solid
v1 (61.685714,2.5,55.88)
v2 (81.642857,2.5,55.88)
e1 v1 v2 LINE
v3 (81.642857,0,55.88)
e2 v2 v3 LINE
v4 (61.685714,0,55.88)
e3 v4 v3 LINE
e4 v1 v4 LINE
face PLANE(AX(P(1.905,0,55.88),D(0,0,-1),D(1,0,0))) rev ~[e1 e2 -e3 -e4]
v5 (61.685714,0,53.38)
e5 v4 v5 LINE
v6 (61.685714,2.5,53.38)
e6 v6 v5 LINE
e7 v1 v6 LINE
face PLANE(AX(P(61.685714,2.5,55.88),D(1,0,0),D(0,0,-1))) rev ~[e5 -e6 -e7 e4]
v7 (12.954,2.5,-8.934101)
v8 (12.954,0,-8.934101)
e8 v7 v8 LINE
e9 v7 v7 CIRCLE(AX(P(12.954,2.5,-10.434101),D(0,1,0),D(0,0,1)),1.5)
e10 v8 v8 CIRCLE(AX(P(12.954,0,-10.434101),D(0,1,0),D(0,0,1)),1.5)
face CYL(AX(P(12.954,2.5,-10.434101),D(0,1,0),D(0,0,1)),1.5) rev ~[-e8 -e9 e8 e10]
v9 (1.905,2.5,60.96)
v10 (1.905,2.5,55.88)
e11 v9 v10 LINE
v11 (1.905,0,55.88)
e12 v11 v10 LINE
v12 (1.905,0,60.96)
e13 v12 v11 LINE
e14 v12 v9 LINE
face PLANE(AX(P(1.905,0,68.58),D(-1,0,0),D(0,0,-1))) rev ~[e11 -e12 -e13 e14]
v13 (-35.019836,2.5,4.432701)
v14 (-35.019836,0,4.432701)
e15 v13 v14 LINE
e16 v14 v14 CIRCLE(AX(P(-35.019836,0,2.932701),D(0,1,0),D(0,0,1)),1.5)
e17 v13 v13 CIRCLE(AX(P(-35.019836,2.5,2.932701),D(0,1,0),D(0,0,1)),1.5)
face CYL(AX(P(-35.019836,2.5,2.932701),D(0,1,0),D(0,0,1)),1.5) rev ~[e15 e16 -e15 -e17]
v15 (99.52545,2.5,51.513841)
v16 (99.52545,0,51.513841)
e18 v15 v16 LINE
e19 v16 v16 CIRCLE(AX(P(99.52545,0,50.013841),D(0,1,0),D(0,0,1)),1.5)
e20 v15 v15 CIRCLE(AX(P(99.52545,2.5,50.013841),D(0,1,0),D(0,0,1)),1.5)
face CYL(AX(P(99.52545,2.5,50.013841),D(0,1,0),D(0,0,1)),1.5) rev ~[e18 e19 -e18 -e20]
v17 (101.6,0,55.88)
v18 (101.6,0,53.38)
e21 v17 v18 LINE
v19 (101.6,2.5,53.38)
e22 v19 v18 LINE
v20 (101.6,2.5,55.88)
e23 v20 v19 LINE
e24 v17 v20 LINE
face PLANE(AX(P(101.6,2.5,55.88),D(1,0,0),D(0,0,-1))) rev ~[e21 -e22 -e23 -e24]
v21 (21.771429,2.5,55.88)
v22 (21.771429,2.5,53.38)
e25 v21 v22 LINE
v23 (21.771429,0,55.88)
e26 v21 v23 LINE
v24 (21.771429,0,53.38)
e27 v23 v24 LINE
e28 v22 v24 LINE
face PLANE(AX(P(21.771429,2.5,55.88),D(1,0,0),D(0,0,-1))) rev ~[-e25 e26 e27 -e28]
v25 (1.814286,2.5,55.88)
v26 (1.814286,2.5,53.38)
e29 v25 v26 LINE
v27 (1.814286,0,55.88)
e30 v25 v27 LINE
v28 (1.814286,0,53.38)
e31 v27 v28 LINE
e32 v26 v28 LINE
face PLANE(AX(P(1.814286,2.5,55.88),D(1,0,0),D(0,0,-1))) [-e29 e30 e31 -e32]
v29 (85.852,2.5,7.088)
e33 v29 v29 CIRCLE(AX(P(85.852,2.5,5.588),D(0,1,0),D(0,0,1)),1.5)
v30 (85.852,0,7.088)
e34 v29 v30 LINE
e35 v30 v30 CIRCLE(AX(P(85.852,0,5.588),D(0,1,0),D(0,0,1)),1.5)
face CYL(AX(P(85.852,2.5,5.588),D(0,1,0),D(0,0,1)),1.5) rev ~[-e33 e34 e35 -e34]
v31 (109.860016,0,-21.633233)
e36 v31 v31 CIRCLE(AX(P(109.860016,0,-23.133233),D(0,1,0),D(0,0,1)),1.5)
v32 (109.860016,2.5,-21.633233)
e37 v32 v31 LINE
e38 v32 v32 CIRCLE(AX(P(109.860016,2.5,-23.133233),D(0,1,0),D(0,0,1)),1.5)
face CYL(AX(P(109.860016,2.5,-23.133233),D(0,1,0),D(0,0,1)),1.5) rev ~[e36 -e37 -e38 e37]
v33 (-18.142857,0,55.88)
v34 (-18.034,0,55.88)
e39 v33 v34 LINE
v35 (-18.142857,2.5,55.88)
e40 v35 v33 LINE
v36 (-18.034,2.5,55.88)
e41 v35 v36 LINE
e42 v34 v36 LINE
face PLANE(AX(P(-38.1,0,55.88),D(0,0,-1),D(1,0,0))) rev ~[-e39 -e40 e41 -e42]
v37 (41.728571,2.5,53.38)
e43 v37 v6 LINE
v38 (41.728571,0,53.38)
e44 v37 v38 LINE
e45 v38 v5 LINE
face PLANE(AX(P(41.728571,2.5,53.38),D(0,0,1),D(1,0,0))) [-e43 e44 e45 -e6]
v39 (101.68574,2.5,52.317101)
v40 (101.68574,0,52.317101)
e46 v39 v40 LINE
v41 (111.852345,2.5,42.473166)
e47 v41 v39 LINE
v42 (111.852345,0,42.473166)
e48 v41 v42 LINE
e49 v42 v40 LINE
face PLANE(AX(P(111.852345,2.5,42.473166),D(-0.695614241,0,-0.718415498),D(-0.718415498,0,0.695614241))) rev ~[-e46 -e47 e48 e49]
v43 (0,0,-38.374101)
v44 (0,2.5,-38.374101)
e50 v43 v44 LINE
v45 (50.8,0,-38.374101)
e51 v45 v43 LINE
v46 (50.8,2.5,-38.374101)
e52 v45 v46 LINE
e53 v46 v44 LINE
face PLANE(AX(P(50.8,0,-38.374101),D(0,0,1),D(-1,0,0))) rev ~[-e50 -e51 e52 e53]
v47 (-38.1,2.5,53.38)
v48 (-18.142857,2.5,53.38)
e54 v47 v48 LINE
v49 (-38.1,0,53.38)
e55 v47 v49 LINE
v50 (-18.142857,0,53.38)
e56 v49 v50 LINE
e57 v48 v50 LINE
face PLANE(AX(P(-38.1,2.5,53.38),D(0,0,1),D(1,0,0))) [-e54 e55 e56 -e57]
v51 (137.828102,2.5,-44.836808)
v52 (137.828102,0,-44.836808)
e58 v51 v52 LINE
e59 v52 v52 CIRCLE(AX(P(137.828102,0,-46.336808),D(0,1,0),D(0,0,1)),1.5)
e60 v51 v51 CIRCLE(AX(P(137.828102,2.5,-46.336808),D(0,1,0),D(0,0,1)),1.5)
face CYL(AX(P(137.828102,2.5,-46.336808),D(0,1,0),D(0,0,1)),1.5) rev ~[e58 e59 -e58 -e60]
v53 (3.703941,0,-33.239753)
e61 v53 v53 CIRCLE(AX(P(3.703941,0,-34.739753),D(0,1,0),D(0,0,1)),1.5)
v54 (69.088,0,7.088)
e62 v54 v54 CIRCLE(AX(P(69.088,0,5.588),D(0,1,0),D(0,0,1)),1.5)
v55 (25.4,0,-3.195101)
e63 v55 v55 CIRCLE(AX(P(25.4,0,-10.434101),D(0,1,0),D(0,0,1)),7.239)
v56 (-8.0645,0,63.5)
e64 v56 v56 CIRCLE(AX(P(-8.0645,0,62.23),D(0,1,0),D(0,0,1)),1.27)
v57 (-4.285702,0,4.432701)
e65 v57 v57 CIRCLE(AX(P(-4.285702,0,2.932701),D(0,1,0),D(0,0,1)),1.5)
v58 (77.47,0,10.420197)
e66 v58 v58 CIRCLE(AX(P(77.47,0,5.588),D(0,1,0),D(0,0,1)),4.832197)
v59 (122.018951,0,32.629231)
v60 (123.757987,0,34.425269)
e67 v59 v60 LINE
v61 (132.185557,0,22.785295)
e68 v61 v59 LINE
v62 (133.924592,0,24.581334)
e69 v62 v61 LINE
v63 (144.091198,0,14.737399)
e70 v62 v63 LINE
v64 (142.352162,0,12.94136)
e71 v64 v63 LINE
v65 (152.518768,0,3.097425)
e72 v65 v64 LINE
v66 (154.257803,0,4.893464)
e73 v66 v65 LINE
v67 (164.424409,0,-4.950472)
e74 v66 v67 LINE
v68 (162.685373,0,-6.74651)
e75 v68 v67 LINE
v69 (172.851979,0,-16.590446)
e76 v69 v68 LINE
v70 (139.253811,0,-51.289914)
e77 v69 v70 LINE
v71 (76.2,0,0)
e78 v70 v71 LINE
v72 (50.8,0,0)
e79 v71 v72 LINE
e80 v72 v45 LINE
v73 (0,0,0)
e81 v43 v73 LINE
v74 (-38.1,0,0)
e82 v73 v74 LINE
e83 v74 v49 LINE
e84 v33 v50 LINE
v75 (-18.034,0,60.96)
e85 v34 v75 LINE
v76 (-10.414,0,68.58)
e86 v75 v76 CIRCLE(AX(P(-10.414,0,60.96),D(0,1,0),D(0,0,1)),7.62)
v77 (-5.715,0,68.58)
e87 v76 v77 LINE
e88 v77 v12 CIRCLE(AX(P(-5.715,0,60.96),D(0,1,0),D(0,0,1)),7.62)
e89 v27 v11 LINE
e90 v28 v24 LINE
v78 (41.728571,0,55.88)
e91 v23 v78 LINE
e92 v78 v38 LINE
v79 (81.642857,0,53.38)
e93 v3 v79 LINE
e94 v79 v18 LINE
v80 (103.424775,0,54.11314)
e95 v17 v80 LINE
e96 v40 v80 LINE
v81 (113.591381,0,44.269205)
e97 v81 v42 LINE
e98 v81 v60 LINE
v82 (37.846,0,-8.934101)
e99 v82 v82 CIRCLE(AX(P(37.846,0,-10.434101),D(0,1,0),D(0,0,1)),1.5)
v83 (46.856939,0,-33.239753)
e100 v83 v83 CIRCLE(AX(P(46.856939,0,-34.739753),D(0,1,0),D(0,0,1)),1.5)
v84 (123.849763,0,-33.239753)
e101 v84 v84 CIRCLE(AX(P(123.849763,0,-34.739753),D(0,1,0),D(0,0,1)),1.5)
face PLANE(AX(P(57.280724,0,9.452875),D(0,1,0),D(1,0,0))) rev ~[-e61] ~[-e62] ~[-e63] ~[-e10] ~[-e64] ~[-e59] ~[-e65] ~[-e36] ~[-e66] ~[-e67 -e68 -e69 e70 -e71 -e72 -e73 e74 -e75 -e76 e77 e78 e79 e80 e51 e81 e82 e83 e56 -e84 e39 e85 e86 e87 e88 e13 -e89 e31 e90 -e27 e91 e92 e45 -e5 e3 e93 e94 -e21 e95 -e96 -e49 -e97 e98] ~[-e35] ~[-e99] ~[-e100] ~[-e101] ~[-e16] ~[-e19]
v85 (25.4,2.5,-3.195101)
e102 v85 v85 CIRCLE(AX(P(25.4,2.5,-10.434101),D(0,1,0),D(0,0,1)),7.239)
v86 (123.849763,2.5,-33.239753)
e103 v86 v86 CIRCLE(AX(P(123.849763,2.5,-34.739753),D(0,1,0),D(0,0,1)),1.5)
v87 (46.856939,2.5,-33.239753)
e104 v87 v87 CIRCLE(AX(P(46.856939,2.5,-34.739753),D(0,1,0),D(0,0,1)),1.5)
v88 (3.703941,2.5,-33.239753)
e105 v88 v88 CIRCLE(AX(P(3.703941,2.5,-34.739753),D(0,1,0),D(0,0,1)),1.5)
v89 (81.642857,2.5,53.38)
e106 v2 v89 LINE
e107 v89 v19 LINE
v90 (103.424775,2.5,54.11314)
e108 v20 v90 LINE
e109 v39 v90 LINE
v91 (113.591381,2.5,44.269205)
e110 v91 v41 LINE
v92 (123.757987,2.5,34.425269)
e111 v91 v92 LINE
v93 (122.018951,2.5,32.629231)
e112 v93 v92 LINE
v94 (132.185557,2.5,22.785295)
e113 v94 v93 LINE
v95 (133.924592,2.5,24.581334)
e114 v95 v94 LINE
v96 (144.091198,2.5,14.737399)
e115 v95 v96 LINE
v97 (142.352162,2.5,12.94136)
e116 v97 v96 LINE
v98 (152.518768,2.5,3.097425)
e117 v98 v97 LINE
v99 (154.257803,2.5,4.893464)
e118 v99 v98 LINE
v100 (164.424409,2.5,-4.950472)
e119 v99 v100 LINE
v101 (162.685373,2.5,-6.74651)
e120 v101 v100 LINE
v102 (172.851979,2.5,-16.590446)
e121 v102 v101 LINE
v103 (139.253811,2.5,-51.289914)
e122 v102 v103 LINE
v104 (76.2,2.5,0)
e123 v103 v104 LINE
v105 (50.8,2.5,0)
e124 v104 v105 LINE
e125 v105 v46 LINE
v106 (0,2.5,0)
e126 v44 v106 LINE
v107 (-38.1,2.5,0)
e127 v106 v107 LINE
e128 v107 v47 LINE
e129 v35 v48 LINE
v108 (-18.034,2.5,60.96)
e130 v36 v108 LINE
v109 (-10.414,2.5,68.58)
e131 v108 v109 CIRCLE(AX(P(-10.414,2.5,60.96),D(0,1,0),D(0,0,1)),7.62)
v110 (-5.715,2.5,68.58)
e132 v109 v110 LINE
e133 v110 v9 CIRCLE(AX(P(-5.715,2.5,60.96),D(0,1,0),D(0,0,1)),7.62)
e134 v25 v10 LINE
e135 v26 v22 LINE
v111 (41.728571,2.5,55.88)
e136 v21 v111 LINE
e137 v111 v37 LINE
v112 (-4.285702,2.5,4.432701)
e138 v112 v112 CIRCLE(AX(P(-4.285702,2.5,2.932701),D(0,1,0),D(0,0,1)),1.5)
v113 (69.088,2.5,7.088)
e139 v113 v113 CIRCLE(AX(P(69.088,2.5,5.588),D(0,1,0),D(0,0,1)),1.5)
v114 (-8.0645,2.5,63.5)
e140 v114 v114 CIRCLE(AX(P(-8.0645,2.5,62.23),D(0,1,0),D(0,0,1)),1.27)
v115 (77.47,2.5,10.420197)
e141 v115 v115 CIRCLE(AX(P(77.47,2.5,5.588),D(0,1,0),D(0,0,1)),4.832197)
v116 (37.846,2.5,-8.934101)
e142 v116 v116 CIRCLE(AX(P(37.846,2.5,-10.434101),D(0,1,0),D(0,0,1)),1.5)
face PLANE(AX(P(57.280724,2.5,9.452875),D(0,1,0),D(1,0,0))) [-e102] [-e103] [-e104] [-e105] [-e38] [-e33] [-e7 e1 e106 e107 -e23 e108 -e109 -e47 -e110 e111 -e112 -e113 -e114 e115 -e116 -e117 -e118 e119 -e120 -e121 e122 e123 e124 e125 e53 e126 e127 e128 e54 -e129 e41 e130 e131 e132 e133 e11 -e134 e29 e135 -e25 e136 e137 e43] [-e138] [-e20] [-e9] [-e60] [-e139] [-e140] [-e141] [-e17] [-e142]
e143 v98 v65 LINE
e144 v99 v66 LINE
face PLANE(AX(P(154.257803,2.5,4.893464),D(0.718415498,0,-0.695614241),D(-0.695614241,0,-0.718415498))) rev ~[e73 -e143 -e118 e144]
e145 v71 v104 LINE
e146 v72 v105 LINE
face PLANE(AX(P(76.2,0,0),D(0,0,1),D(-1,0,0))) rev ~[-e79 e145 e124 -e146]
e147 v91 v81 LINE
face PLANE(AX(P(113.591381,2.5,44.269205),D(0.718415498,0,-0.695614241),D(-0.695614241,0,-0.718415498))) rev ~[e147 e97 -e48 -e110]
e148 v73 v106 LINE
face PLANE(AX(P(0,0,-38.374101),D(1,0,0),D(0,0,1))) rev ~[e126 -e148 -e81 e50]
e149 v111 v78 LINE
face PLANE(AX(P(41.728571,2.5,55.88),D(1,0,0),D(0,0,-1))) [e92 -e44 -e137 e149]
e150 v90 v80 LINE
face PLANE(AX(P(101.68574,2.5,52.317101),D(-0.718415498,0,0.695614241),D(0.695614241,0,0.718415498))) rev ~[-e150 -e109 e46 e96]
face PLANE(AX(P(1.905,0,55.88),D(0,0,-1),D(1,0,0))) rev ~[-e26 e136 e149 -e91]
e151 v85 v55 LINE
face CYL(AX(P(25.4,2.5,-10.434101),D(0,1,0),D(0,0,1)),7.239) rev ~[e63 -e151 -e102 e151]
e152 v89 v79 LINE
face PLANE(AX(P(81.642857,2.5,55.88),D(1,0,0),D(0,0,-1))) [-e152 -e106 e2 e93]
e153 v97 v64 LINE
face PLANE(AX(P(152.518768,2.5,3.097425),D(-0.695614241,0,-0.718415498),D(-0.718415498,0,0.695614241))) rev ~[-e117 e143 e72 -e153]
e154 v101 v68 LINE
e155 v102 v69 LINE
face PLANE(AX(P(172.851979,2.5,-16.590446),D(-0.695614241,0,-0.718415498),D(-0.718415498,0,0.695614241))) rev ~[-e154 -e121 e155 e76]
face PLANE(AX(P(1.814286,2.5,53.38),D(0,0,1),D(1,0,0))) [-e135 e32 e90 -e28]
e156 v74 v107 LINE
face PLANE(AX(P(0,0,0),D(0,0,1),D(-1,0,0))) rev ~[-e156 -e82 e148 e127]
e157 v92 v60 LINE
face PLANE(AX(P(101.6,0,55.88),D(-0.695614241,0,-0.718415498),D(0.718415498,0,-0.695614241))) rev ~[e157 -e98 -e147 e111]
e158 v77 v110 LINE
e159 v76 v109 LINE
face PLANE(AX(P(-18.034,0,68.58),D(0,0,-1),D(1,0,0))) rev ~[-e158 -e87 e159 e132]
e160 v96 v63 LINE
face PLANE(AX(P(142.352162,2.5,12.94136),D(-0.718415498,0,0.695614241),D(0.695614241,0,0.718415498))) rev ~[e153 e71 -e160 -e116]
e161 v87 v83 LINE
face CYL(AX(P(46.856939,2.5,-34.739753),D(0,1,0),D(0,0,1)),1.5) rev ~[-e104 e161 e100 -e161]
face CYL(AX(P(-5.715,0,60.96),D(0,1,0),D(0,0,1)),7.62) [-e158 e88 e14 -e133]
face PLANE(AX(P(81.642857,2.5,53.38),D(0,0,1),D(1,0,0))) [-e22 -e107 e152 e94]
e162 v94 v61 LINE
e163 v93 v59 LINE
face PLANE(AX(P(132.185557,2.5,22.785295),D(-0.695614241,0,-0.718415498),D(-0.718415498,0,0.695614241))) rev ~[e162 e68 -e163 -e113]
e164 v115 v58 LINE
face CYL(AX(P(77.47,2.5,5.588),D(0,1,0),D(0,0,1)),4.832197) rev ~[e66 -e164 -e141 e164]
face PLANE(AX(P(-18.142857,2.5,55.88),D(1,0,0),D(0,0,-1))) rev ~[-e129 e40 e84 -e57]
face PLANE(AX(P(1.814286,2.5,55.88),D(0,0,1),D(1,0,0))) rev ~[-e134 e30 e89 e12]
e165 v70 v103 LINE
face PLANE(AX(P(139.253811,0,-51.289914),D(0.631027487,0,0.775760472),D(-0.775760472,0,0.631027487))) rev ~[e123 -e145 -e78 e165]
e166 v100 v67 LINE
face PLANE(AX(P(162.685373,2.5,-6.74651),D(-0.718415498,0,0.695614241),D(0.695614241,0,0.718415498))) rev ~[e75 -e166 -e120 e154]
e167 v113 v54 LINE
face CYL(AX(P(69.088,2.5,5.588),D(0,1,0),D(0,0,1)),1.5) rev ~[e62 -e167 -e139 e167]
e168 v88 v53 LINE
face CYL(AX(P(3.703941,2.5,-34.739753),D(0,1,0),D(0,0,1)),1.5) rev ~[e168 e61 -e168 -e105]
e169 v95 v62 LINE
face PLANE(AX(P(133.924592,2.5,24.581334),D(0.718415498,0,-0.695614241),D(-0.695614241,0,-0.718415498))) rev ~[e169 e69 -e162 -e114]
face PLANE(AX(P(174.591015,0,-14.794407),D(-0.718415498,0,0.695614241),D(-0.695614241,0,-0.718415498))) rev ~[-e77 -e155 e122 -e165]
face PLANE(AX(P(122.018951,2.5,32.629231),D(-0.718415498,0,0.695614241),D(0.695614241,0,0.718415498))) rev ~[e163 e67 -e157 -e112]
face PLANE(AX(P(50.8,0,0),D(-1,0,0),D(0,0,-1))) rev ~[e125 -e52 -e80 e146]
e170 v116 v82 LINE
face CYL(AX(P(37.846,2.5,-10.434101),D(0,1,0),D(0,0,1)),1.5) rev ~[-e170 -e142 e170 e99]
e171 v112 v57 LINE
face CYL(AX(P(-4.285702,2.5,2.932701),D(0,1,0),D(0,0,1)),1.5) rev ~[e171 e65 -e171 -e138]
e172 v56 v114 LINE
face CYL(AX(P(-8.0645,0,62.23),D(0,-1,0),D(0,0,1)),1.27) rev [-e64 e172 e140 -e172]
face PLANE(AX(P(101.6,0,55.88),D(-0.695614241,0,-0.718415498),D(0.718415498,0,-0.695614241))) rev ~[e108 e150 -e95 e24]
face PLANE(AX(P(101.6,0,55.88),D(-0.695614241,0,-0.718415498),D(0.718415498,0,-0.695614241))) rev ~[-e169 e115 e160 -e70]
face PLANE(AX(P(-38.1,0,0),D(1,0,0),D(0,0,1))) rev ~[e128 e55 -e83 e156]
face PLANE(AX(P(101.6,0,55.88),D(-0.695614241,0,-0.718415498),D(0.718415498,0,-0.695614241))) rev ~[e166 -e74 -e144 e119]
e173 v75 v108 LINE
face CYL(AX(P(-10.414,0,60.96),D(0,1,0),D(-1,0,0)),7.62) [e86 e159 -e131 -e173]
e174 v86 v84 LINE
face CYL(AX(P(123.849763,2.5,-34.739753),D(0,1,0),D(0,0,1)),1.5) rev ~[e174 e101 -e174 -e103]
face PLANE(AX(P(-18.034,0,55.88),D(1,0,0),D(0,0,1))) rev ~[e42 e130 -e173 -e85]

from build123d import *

# Parameters (mm, degrees)
SKETCH1_R           = 1.27
BOSS_EXTRUDE1_DEPTH = 2.5
SKETCH2_W           = 19.957142857
SKETCH2_H           = 2.5
CUT_EXTRUDE1_DEPTH  = 2.5
CUT_EXTRUDE2_DEPTH  = 2.5
SKETCH4_R           = 1.5
CUT_EXTRUDE3_DEPTH  = 2.5
SKETCH5_R           = 7.239
SKETCH5_R_2         = 1.5
CUT_EXTRUDE4_DEPTH  = 2.5
SKETCH6_R           = 4.83219682
SKETCH6_R_2         = 1.5
CUT_EXTRUDE5_DEPTH  = 2.5
SKETCH7_R           = 1.5
CUT_EXTRUDE6_DEPTH  = 2.54
FILLET1_R           = 7.62


with BuildPart() as part:
    # Sketch1 → Boss-Extrude1 (new body)
    with BuildSketch(Plane(origin=(0, 0, 0), x_dir=(1, 0, 0), z_dir=(0, 1, 0))):
        Polygon((0, 0), (-38.1, 0), (-38.1, -55.88), (-18.034, -55.88), (-18.034, -68.58), (1.905, -68.58), (1.905, -55.88), (101.6, -55.88), (174.591014612, 14.794406866), (139.253811179, 51.289914172), (76.2, 0), (50.8, 0), (50.8, 38.374100719), (0, 38.374100719), align=None)
        with Locations(Location((-8.0645, -62.23, 0), (0, 0, 270))):
            Circle(SKETCH1_R, mode=Mode.SUBTRACT)
    extrude(amount=BOSS_EXTRUDE1_DEPTH)

    # Sketch2 → Cut-Extrude1 (cut)
    with BuildSketch(Plane(origin=(0, 2.5, 0), x_dir=(1, 0, 0), z_dir=(0, 1, 0))):
        with Locations((-28.121428572, -54.63)):
            Rectangle(SKETCH2_W, SKETCH2_H)
        with Locations((11.792857143, -54.63)):
            Rectangle(SKETCH2_W, SKETCH2_H)
        with Locations((51.707142858, -54.63)):
            Rectangle(SKETCH2_W, SKETCH2_H)
        with Locations((91.621428572, -54.63)):
            Rectangle(SKETCH2_W, SKETCH2_H)
    extrude(amount=-CUT_EXTRUDE1_DEPTH, mode=Mode.SUBTRACT)

    # Sketch3 → Cut-Extrude2 (cut)
    with BuildSketch(Plane(origin=(0, 2.5, 0), x_dir=(1, 0, 0), z_dir=(0, 1, 0))):
        Polygon((101.685739763, -52.317101083), (103.424775365, -54.113139828), (113.591380972, -44.269204586), (111.85234537, -42.473165841), align=None)
        Polygon((122.018950977, -32.629230599), (123.757986579, -34.425269344), (133.924592185, -24.581334102), (132.185556583, -22.785295357), align=None)
        Polygon((142.35216219, -12.941360115), (144.091197792, -14.73739886), (154.257803399, -4.893463618), (152.518767797, -3.097424873), align=None)
        Polygon((162.685373403, 6.74651037), (164.424409005, 4.950471624), (174.591014612, 14.794406866), (172.85197901, 16.590445612), align=None)
    extrude(amount=-CUT_EXTRUDE2_DEPTH, mode=Mode.SUBTRACT)

    # Sketch4 → Cut-Extrude3 (cut)
    with BuildSketch(Plane(origin=(0, 2.5, 0), x_dir=(1, 0, 0), z_dir=(0, 1, 0))):
        with Locations(Location((-4.285702379, -2.932700938, 0), (0, 0, 270))):
            Circle(SKETCH4_R)
        with Locations(Location((-35.019835528, -2.932700938, 0), (0, 0, 270))):
            Circle(SKETCH4_R)
        with Locations(Location((3.703940689, 34.739752907, 0), (0, 0, 270))):
            Circle(SKETCH4_R)
        with Locations(Location((46.856938601, 34.739752907, 0), (0, 0, 270))):
            Circle(SKETCH4_R)
        with Locations(Location((137.828101929, 46.33680801, 0), (0, 0, 270))):
            Circle(SKETCH4_R)
        with Locations(Location((109.860015666, 23.133232504, 0), (0, 0, 270))):
            Circle(SKETCH4_R)
        with Locations(Location((123.849763227, 34.739752907, 0), (0, 0, 270))):
            Circle(SKETCH4_R)
    extrude(amount=-CUT_EXTRUDE3_DEPTH, mode=Mode.SUBTRACT)

    # Sketch5 → Cut-Extrude4 (cut)
    with BuildSketch(Plane(origin=(0, 2.5, 0), x_dir=(1, 0, 0), z_dir=(0, 1, 0))):
        with Locations(Location((25.4, 10.434100719, 0), (0, 0, 270))):
            Circle(SKETCH5_R)
        with Locations(Location((12.954, 10.434100719, 0), (0, 0, 270))):
            Circle(SKETCH5_R_2)
        with Locations(Location((37.846, 10.434100719, 0), (0, 0, 270))):
            Circle(SKETCH5_R_2)
    extrude(amount=-CUT_EXTRUDE4_DEPTH, mode=Mode.SUBTRACT)

    # Sketch6 → Cut-Extrude5 (cut)
    with BuildSketch(Plane(origin=(0, 2.5, 0), x_dir=(1, 0, 0), z_dir=(0, 1, 0))):
        with Locations(Location((77.47, -5.588, 0), (0, 0, 270))):
            Circle(SKETCH6_R)
        with Locations(Location((69.088, -5.588, 0), (0, 0, 270))):
            Circle(SKETCH6_R_2)
        with Locations(Location((85.852, -5.588, 0), (0, 0, 270))):
            Circle(SKETCH6_R_2)
    extrude(amount=-CUT_EXTRUDE5_DEPTH, mode=Mode.SUBTRACT)

    # Sketch7 → Cut-Extrude6 (cut)
    with BuildSketch(Plane(origin=(0, 2.5, 0), x_dir=(1, 0, 0), z_dir=(0, 1, 0))):
        with Locations(Location((99.525450368, -50.013841017, 0), (0, 0, 270))):
            Circle(SKETCH7_R)
    extrude(amount=-CUT_EXTRUDE6_DEPTH, mode=Mode.SUBTRACT)

    # Fillet1
    fillet1_edges = [part.edges().sort_by_distance(p)[0] for p in [
        (1.905, 1.25, 68.58),
        (-18.034, 1.25, 68.58),
    ]]
    fillet(fillet1_edges, radius=FILLET1_R)


solid = part.part
